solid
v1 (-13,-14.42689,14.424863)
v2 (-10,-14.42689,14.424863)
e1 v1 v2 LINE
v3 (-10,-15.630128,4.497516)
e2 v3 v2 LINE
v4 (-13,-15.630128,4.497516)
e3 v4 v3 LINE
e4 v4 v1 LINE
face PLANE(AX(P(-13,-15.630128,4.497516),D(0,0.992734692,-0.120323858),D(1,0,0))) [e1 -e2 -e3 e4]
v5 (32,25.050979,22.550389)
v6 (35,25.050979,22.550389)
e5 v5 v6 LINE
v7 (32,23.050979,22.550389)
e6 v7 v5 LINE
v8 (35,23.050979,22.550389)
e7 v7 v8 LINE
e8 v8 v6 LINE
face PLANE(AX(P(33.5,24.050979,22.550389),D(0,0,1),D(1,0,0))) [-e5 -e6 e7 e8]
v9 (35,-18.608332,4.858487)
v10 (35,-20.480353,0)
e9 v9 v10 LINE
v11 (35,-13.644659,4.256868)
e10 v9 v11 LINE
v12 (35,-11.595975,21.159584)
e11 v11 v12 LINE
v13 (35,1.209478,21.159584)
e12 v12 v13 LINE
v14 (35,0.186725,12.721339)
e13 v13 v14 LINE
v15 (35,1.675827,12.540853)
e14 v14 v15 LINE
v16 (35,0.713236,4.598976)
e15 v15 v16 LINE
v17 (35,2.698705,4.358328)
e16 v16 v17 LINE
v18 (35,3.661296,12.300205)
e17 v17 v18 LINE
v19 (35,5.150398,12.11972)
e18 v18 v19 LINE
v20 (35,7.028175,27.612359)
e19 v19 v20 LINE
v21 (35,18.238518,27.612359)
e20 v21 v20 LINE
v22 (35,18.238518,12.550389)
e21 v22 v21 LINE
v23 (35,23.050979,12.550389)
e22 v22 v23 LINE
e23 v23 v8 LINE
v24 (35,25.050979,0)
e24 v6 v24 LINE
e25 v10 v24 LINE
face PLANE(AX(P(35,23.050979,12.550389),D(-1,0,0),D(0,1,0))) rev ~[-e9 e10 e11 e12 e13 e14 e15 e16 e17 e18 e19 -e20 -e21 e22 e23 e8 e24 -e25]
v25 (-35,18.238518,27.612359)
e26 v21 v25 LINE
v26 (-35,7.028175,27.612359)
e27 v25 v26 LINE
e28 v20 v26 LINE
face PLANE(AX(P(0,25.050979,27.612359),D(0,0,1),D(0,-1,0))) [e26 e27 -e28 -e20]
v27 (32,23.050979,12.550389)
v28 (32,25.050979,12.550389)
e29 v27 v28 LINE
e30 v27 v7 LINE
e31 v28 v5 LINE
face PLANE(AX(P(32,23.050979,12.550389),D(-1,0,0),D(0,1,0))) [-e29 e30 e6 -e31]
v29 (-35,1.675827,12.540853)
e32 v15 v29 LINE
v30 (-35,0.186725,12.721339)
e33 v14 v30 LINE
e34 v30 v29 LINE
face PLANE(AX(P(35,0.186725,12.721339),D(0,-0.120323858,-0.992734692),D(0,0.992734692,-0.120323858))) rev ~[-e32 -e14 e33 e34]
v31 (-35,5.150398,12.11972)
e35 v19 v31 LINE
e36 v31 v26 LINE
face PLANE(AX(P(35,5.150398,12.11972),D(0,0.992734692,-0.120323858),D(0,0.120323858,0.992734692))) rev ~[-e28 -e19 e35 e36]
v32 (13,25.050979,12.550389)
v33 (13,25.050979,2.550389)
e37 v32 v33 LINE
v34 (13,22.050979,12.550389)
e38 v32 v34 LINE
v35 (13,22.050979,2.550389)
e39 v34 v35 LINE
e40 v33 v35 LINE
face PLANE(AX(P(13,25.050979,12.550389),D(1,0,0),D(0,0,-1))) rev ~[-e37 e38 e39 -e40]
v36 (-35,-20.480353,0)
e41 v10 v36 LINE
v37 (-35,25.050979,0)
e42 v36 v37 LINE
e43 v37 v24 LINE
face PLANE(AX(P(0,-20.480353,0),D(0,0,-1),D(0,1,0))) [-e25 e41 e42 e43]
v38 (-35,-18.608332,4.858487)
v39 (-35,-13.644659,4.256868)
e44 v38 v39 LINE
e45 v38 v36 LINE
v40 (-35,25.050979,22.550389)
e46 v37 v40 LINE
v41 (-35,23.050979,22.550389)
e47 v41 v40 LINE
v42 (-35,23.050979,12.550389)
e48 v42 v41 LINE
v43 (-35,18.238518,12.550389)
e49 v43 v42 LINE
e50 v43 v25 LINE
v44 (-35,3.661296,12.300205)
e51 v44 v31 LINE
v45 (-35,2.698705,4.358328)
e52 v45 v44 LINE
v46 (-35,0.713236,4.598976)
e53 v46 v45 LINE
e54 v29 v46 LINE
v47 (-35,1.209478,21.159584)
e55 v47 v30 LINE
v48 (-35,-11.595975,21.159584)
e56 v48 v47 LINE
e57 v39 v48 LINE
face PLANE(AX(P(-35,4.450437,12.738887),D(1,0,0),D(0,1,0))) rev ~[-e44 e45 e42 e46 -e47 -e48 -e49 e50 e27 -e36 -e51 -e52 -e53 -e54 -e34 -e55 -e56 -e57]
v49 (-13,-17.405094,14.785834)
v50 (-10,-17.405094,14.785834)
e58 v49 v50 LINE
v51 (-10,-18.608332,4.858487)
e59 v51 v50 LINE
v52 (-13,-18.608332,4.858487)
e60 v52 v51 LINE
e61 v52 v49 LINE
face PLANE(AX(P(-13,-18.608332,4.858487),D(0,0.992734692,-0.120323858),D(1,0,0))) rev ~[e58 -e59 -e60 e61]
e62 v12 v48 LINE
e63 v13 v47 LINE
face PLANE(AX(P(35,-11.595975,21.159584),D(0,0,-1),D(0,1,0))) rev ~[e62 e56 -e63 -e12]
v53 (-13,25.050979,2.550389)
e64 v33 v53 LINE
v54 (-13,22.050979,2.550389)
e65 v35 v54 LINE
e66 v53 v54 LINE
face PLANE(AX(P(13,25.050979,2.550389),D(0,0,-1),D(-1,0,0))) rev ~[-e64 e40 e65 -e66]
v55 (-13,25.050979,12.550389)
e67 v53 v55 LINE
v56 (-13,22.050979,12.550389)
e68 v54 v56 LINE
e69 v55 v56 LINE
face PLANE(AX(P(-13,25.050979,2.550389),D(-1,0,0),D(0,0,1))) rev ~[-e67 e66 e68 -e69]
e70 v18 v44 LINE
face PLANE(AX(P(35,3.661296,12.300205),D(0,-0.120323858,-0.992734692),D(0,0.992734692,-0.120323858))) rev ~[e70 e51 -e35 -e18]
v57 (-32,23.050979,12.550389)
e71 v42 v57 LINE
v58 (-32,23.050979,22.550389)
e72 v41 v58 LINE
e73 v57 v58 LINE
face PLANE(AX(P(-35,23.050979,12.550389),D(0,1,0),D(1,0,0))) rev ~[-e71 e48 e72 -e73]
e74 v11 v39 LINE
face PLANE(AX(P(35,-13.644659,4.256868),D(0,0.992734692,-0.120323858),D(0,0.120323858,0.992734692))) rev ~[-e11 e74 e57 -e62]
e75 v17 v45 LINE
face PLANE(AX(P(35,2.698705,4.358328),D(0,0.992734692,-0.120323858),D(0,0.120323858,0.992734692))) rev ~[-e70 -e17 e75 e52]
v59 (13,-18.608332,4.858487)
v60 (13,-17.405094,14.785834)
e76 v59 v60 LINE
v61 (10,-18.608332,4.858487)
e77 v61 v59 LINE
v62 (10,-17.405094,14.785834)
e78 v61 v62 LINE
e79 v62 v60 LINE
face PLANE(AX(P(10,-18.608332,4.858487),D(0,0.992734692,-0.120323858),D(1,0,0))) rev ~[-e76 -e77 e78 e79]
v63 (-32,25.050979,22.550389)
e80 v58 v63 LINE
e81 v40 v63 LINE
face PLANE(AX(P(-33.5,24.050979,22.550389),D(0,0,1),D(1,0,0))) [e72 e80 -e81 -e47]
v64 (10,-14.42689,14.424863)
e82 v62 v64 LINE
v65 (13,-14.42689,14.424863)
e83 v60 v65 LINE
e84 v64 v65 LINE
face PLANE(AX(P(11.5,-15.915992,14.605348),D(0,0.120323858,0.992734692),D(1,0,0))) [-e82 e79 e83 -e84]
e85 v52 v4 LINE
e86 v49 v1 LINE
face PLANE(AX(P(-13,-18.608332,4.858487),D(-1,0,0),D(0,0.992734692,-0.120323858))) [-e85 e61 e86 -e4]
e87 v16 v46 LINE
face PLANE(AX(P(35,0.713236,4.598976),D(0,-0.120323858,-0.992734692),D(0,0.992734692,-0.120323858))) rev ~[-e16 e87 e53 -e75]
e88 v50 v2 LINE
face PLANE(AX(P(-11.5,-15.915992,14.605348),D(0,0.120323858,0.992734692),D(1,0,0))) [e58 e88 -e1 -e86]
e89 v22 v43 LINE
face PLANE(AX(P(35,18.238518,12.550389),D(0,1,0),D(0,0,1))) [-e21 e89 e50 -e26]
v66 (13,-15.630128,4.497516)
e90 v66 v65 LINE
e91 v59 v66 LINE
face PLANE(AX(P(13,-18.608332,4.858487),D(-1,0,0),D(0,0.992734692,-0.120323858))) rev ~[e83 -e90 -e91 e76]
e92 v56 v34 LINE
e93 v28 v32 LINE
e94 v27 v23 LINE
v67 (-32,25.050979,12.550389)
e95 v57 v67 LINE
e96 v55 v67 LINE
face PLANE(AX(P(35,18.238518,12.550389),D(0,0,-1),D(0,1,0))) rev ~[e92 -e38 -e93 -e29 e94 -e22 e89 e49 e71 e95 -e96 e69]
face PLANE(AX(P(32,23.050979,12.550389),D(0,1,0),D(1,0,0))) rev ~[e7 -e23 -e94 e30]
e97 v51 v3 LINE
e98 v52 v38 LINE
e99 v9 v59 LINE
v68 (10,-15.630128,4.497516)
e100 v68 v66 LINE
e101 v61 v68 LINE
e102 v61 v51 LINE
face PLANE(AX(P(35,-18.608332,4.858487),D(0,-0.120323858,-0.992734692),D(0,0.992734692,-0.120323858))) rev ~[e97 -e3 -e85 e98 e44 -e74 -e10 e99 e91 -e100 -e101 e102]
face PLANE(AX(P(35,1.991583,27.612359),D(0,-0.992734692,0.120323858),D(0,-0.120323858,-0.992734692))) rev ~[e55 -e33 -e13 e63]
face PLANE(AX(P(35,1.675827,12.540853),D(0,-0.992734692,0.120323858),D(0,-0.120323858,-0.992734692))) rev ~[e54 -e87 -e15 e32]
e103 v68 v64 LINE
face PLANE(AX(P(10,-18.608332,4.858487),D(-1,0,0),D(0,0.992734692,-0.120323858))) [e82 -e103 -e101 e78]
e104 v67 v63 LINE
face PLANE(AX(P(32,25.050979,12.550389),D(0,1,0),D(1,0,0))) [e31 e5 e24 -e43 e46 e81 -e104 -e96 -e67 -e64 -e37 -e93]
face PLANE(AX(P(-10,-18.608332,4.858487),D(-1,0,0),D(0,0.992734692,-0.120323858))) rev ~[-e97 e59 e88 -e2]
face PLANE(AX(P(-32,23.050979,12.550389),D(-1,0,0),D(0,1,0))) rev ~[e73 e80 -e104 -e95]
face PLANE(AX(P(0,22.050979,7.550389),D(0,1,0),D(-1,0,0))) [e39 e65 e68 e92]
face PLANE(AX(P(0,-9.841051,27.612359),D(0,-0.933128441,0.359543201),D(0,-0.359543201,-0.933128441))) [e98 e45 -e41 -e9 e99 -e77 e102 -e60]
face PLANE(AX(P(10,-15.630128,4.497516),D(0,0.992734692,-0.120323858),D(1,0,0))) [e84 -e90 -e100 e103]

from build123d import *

# Parameters (mm, degrees)
F1_DEPTH  = 35
F2_W      = 6.8124607205
F2_H      = 15.0619698688
F3_DEPTH  = 70
F5_DEPTH  = 70
F6_W      = 3
F6_H      = 3
F7_DEPTH  = 10
F8_W      = 3
F8_H      = 2
F9_DEPTH  = 10
F11_DEPTH = 3


with BuildPart() as f1:
    # F0 (on Right) → F1 (new body, symmetric)
    with BuildSketch(Plane.YZ):
        Polygon((-20.4803533852, 0), (0, 0), (25.0509791076, 0), (25.0509791076, 27.6123592876), (-9.8410505696, 27.6123592876), align=None)
    extrude(amount=F1_DEPTH, both=True)

    # F2 (on face) → F3 (cut, through all)
    with BuildSketch(Plane.YZ.offset(35)):
        Polygon((7.0281750523, 27.6123592876), (1.9915826587, 27.6123592876), (0.1867247932, 12.7213389033), (1.6758268317, 12.5408531167), (0.7132359701, 4.5989755784), (2.6987053547, 4.358327863), (3.6612962162, 12.3002054013), (5.1503982547, 12.1197196148), align=None)
        Polygon((-13.6446588918, 4.256867985), (-11.2603206785, 23.9289040036), (-18.6083323532, 4.8584872735), align=None)
        with Locations((21.6447487473, 20.0813743531)):
            Rectangle(F2_W, F2_H)
    extrude(amount=-F3_DEPTH, mode=Mode.SUBTRACT)

    # F4 (on face) → F5 (cut, through all)
    with BuildSketch(Plane.YZ.offset(35)):
        Polygon((-11.2603206785, 23.9289040036), (-11.5959745991, 21.1595837877), (1.2094775837, 21.1595837877), (1.9915826587, 27.6123592876), (-9.8410505696, 27.6123592876), align=None)
    extrude(amount=-F5_DEPTH, mode=Mode.SUBTRACT)

    # F6 (on face) → F7 (join)
    with BuildSketch(Plane(origin=(0, 0.3109364051, 2.5653877984), x_dir=(1, 0, 0), z_dir=(0, 0.1203238577, 0.9927346923))):
        with Locations((11.5, -17.557729024)):
            Rectangle(F6_W, F6_H)
        with Locations((-11.5, -17.557729024)):
            Rectangle(F6_W, F6_H)
    extrude(amount=F7_DEPTH)

    # F8 (on face) → F9 (join)
    with BuildSketch(Plane.XY.offset(12.5503894187)):
        with Locations((33.5, 24.0509791076)):
            Rectangle(F8_W, F8_H)
        with Locations((-33.5, 24.0509791076)):
            Rectangle(F8_W, F8_H)
    extrude(amount=F9_DEPTH)

    # F10 (on face) → F11 (cut)
    with BuildSketch(Plane(origin=(0, 25.0509791076, 0), x_dir=(-1, 0, 0), z_dir=(0, 1, 0))):
        Polygon((13, 12.5503894187), (0, 12.5503894187), (-13, 12.5503894187), (-13, 2.5503894187), (13, 2.5503894187), align=None)
    extrude(amount=-F11_DEPTH, mode=Mode.SUBTRACT)


solid = f1.part
